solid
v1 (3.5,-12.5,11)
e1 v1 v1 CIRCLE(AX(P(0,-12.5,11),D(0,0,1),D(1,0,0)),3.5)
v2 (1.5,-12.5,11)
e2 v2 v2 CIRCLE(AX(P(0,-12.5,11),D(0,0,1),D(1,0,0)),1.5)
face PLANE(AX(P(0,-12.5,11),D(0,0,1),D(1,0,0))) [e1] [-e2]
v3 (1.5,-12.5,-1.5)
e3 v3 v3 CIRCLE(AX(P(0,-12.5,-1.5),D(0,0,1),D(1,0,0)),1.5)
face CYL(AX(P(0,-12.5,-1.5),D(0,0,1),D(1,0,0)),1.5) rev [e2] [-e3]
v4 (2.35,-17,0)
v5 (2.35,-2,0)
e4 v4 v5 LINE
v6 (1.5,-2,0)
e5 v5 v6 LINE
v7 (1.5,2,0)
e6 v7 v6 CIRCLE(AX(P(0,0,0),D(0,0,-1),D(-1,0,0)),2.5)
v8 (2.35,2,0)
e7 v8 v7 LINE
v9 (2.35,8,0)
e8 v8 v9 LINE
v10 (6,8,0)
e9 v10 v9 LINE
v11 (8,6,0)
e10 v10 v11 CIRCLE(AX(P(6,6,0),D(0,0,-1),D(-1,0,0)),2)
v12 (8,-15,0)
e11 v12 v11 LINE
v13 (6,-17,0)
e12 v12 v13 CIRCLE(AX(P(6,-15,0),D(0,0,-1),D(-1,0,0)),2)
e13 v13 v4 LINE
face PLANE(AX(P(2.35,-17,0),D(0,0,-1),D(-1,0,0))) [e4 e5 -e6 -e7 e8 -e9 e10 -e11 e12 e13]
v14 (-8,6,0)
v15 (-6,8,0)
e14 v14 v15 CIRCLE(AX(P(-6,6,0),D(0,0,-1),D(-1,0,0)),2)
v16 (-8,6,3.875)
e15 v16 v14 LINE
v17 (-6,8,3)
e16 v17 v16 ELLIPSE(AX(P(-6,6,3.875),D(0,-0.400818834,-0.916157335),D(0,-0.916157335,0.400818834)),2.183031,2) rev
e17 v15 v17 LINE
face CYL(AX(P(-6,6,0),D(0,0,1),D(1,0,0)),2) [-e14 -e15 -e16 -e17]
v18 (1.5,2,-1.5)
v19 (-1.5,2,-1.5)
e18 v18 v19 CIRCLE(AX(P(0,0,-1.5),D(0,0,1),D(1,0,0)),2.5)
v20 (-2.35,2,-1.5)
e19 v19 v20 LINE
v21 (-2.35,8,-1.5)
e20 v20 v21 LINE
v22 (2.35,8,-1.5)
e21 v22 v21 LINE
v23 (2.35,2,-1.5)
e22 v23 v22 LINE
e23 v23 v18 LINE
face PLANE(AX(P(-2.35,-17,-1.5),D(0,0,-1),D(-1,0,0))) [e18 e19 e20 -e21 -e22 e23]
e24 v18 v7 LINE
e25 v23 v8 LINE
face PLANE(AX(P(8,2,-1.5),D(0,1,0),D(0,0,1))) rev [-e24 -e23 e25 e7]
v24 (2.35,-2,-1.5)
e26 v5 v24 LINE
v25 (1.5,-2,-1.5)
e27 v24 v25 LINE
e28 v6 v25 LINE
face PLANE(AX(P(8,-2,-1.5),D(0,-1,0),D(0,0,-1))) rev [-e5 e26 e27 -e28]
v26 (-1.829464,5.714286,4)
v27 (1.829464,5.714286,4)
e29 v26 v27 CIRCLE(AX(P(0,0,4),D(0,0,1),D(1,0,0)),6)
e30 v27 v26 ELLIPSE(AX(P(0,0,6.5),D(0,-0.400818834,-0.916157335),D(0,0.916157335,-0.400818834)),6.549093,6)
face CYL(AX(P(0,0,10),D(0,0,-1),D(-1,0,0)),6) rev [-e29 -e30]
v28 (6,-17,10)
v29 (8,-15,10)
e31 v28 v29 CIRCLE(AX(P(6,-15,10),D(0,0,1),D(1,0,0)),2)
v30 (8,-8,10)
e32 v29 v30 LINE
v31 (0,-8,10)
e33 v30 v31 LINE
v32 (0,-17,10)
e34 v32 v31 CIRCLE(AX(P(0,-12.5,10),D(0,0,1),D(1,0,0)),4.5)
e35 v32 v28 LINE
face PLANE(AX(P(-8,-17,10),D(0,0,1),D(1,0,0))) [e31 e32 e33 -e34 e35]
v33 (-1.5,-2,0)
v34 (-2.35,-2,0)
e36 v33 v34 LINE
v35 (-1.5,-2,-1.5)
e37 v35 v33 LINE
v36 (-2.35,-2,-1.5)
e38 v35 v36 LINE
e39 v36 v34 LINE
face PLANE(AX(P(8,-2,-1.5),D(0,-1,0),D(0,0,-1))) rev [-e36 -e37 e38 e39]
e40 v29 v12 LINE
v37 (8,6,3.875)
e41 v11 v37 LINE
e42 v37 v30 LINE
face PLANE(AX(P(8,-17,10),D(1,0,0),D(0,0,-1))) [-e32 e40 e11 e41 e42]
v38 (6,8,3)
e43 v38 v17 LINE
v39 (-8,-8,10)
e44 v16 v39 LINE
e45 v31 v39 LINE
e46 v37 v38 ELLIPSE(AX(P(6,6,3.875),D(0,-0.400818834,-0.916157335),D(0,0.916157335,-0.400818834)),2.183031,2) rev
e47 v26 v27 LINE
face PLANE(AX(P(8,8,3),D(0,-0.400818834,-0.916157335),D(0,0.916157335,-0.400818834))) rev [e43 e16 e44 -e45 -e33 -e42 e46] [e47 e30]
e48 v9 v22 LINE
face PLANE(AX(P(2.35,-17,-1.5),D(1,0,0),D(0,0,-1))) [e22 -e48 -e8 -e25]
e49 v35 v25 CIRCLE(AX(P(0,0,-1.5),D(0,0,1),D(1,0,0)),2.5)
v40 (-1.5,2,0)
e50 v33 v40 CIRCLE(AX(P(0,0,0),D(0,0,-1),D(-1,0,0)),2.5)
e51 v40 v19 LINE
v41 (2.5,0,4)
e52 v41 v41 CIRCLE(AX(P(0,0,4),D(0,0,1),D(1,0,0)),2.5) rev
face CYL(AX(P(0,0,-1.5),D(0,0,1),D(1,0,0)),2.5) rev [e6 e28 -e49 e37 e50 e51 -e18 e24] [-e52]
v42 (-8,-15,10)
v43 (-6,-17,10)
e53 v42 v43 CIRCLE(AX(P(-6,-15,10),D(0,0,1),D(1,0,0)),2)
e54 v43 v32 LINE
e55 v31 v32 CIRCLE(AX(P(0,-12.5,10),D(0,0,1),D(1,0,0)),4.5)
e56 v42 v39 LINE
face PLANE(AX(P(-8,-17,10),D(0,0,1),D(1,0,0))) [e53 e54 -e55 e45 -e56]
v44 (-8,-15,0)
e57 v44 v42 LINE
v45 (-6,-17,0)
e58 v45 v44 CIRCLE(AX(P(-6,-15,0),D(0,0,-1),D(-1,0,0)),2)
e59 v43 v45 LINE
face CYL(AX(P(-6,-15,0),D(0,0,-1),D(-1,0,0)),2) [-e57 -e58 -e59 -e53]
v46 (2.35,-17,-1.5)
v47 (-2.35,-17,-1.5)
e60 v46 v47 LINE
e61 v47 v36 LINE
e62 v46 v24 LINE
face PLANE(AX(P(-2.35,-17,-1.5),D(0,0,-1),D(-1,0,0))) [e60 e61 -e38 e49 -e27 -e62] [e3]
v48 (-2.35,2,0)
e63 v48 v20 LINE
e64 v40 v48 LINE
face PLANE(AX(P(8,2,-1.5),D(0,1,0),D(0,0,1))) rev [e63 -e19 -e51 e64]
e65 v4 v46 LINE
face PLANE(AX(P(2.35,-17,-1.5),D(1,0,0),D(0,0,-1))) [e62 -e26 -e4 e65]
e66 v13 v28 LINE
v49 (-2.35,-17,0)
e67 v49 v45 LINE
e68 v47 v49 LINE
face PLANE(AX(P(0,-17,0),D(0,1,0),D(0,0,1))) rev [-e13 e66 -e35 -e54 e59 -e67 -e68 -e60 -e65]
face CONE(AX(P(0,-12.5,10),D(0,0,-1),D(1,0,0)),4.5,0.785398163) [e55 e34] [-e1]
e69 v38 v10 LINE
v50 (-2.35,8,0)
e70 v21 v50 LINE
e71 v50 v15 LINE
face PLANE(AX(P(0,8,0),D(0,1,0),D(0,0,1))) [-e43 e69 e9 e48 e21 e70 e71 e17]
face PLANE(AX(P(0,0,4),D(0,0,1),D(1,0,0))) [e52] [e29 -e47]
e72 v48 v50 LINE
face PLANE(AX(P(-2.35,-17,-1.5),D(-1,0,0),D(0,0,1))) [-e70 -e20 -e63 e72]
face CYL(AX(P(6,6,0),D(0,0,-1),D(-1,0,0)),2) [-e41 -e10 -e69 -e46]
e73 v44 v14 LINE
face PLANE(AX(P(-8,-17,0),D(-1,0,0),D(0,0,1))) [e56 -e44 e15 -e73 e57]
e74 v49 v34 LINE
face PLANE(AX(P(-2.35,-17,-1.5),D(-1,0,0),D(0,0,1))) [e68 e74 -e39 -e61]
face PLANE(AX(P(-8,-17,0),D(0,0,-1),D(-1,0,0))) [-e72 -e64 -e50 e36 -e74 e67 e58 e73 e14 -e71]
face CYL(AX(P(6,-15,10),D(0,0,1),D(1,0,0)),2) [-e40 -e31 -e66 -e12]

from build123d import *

# Parameters (mm, degrees)
BOSS_EXTRU_1_DEPTH           = 8
BOSS_EXTRU_1_DEPTH_BACK      = 17
ENL_V_MAT_EXTRU_1_DEPTH      = 22.836729465
ENL_V_MAT_EXTRU_1_DEPTH_BACK = 22.836729465
ESQUISSE2_R                  = 2.5
ENL_V_START                  = 4
ESQUISSE3_R                  = 6
ENL_V_MAT_EXTRU_2_DEPTH      = 18.283796654
ESQUISSE5_W                  = 1.5
ESQUISSE5_H                  = 4
ENL_V_MAT_EXTRU_3_DEPTH      = 23.273807488
ESQUISSE6_R                  = 4.5
BOSS_EXTRU_2_DEPTH           = 1
BOSS_EXTRU_2_TAPER           = 45
ESQUISSE7_R                  = 1.5
ENL_V_MAT_EXTRU_4_DEPTH      = 23.566568193
CONG_1_R                     = 2
ENL_V_MAT_EXTRU_5_DEPTH      = 26.806975801


with BuildPart() as part:
    # Esquisse1 → Boss.-Extru.1 (new, two sides: drawn at the far end of the back side and taken through both)
    with BuildSketch(Plane(origin=(0, 0, 0), x_dir=(1, 0, 0), z_dir=(0, 1, 0)).offset(-BOSS_EXTRU_1_DEPTH_BACK)):
        Polygon((2.35, 0), (8, 0), (8, -10), (-8, -10), (-8, 0), (-2.35, 0), (-2.35, 1.5), (2.35, 1.5), align=None)
    extrude(amount=BOSS_EXTRU_1_DEPTH + BOSS_EXTRU_1_DEPTH_BACK)

    # Esquisse2 → Enlèv. mat.-Extru.1 (cut, two sides: drawn at the far end of the back side and taken through both)
    with BuildSketch(Plane(origin=(-1.372446517, 0, 0), x_dir=(1, 0, 0), z_dir=(0, 0, 1)).offset(-ENL_V_MAT_EXTRU_1_DEPTH_BACK)):
        with Locations((1.372446517, 0)):
            Circle(ESQUISSE2_R)
    extrude(amount=ENL_V_MAT_EXTRU_1_DEPTH + ENL_V_MAT_EXTRU_1_DEPTH_BACK, mode=Mode.SUBTRACT)

    # Esquisse3 → Enlèv. mat.-Extru.2 (cut, through all)
    with BuildSketch(Plane.XY.offset(ENL_V_START)):
        Circle(ESQUISSE3_R)
    extrude(amount=ENL_V_MAT_EXTRU_2_DEPTH, mode=Mode.SUBTRACT)

    # Esquisse5 → Enlèv. mat.-Extru.3 (cut, through all)
    with BuildSketch(Plane.ZY.offset(2.35)):
        with Locations((-0.75, 0)):
            Rectangle(ESQUISSE5_W, ESQUISSE5_H)
    extrude(amount=-ENL_V_MAT_EXTRU_3_DEPTH, mode=Mode.SUBTRACT)

    # Esquisse6 → Boss.-Extru.2 (add)
    with BuildSketch(Plane.XY.offset(10)):
        with Locations((0, -12.5)):
            Circle(ESQUISSE6_R)
    extrude(amount=BOSS_EXTRU_2_DEPTH, taper=BOSS_EXTRU_2_TAPER)

    # Esquisse7 → Enlèv. mat.-Extru.4 (cut, through all)
    with BuildSketch(Plane.XY.offset(11)):
        with Locations((0, -12.5)):
            Circle(ESQUISSE7_R)
    extrude(amount=-ENL_V_MAT_EXTRU_4_DEPTH, mode=Mode.SUBTRACT)

    # Congé1
    cong_1_edges = [part.edges().sort_by_distance(p)[0] for p in [
        (-8, -17, 5),
        (8, -17, 5),
        (-8, 8, 5),
        (8, 8, 5),
    ]]
    fillet(cong_1_edges, radius=CONG_1_R)

    # Esquisse8 → Enlèv. mat.-Extru.5 (cut, through all)
    with BuildSketch(Plane.ZY.offset(8)):
        Polygon((3, 8), (10, -8), (10, 8), align=None)
    extrude(amount=-ENL_V_MAT_EXTRU_5_DEPTH, mode=Mode.SUBTRACT)


solid = part.part
